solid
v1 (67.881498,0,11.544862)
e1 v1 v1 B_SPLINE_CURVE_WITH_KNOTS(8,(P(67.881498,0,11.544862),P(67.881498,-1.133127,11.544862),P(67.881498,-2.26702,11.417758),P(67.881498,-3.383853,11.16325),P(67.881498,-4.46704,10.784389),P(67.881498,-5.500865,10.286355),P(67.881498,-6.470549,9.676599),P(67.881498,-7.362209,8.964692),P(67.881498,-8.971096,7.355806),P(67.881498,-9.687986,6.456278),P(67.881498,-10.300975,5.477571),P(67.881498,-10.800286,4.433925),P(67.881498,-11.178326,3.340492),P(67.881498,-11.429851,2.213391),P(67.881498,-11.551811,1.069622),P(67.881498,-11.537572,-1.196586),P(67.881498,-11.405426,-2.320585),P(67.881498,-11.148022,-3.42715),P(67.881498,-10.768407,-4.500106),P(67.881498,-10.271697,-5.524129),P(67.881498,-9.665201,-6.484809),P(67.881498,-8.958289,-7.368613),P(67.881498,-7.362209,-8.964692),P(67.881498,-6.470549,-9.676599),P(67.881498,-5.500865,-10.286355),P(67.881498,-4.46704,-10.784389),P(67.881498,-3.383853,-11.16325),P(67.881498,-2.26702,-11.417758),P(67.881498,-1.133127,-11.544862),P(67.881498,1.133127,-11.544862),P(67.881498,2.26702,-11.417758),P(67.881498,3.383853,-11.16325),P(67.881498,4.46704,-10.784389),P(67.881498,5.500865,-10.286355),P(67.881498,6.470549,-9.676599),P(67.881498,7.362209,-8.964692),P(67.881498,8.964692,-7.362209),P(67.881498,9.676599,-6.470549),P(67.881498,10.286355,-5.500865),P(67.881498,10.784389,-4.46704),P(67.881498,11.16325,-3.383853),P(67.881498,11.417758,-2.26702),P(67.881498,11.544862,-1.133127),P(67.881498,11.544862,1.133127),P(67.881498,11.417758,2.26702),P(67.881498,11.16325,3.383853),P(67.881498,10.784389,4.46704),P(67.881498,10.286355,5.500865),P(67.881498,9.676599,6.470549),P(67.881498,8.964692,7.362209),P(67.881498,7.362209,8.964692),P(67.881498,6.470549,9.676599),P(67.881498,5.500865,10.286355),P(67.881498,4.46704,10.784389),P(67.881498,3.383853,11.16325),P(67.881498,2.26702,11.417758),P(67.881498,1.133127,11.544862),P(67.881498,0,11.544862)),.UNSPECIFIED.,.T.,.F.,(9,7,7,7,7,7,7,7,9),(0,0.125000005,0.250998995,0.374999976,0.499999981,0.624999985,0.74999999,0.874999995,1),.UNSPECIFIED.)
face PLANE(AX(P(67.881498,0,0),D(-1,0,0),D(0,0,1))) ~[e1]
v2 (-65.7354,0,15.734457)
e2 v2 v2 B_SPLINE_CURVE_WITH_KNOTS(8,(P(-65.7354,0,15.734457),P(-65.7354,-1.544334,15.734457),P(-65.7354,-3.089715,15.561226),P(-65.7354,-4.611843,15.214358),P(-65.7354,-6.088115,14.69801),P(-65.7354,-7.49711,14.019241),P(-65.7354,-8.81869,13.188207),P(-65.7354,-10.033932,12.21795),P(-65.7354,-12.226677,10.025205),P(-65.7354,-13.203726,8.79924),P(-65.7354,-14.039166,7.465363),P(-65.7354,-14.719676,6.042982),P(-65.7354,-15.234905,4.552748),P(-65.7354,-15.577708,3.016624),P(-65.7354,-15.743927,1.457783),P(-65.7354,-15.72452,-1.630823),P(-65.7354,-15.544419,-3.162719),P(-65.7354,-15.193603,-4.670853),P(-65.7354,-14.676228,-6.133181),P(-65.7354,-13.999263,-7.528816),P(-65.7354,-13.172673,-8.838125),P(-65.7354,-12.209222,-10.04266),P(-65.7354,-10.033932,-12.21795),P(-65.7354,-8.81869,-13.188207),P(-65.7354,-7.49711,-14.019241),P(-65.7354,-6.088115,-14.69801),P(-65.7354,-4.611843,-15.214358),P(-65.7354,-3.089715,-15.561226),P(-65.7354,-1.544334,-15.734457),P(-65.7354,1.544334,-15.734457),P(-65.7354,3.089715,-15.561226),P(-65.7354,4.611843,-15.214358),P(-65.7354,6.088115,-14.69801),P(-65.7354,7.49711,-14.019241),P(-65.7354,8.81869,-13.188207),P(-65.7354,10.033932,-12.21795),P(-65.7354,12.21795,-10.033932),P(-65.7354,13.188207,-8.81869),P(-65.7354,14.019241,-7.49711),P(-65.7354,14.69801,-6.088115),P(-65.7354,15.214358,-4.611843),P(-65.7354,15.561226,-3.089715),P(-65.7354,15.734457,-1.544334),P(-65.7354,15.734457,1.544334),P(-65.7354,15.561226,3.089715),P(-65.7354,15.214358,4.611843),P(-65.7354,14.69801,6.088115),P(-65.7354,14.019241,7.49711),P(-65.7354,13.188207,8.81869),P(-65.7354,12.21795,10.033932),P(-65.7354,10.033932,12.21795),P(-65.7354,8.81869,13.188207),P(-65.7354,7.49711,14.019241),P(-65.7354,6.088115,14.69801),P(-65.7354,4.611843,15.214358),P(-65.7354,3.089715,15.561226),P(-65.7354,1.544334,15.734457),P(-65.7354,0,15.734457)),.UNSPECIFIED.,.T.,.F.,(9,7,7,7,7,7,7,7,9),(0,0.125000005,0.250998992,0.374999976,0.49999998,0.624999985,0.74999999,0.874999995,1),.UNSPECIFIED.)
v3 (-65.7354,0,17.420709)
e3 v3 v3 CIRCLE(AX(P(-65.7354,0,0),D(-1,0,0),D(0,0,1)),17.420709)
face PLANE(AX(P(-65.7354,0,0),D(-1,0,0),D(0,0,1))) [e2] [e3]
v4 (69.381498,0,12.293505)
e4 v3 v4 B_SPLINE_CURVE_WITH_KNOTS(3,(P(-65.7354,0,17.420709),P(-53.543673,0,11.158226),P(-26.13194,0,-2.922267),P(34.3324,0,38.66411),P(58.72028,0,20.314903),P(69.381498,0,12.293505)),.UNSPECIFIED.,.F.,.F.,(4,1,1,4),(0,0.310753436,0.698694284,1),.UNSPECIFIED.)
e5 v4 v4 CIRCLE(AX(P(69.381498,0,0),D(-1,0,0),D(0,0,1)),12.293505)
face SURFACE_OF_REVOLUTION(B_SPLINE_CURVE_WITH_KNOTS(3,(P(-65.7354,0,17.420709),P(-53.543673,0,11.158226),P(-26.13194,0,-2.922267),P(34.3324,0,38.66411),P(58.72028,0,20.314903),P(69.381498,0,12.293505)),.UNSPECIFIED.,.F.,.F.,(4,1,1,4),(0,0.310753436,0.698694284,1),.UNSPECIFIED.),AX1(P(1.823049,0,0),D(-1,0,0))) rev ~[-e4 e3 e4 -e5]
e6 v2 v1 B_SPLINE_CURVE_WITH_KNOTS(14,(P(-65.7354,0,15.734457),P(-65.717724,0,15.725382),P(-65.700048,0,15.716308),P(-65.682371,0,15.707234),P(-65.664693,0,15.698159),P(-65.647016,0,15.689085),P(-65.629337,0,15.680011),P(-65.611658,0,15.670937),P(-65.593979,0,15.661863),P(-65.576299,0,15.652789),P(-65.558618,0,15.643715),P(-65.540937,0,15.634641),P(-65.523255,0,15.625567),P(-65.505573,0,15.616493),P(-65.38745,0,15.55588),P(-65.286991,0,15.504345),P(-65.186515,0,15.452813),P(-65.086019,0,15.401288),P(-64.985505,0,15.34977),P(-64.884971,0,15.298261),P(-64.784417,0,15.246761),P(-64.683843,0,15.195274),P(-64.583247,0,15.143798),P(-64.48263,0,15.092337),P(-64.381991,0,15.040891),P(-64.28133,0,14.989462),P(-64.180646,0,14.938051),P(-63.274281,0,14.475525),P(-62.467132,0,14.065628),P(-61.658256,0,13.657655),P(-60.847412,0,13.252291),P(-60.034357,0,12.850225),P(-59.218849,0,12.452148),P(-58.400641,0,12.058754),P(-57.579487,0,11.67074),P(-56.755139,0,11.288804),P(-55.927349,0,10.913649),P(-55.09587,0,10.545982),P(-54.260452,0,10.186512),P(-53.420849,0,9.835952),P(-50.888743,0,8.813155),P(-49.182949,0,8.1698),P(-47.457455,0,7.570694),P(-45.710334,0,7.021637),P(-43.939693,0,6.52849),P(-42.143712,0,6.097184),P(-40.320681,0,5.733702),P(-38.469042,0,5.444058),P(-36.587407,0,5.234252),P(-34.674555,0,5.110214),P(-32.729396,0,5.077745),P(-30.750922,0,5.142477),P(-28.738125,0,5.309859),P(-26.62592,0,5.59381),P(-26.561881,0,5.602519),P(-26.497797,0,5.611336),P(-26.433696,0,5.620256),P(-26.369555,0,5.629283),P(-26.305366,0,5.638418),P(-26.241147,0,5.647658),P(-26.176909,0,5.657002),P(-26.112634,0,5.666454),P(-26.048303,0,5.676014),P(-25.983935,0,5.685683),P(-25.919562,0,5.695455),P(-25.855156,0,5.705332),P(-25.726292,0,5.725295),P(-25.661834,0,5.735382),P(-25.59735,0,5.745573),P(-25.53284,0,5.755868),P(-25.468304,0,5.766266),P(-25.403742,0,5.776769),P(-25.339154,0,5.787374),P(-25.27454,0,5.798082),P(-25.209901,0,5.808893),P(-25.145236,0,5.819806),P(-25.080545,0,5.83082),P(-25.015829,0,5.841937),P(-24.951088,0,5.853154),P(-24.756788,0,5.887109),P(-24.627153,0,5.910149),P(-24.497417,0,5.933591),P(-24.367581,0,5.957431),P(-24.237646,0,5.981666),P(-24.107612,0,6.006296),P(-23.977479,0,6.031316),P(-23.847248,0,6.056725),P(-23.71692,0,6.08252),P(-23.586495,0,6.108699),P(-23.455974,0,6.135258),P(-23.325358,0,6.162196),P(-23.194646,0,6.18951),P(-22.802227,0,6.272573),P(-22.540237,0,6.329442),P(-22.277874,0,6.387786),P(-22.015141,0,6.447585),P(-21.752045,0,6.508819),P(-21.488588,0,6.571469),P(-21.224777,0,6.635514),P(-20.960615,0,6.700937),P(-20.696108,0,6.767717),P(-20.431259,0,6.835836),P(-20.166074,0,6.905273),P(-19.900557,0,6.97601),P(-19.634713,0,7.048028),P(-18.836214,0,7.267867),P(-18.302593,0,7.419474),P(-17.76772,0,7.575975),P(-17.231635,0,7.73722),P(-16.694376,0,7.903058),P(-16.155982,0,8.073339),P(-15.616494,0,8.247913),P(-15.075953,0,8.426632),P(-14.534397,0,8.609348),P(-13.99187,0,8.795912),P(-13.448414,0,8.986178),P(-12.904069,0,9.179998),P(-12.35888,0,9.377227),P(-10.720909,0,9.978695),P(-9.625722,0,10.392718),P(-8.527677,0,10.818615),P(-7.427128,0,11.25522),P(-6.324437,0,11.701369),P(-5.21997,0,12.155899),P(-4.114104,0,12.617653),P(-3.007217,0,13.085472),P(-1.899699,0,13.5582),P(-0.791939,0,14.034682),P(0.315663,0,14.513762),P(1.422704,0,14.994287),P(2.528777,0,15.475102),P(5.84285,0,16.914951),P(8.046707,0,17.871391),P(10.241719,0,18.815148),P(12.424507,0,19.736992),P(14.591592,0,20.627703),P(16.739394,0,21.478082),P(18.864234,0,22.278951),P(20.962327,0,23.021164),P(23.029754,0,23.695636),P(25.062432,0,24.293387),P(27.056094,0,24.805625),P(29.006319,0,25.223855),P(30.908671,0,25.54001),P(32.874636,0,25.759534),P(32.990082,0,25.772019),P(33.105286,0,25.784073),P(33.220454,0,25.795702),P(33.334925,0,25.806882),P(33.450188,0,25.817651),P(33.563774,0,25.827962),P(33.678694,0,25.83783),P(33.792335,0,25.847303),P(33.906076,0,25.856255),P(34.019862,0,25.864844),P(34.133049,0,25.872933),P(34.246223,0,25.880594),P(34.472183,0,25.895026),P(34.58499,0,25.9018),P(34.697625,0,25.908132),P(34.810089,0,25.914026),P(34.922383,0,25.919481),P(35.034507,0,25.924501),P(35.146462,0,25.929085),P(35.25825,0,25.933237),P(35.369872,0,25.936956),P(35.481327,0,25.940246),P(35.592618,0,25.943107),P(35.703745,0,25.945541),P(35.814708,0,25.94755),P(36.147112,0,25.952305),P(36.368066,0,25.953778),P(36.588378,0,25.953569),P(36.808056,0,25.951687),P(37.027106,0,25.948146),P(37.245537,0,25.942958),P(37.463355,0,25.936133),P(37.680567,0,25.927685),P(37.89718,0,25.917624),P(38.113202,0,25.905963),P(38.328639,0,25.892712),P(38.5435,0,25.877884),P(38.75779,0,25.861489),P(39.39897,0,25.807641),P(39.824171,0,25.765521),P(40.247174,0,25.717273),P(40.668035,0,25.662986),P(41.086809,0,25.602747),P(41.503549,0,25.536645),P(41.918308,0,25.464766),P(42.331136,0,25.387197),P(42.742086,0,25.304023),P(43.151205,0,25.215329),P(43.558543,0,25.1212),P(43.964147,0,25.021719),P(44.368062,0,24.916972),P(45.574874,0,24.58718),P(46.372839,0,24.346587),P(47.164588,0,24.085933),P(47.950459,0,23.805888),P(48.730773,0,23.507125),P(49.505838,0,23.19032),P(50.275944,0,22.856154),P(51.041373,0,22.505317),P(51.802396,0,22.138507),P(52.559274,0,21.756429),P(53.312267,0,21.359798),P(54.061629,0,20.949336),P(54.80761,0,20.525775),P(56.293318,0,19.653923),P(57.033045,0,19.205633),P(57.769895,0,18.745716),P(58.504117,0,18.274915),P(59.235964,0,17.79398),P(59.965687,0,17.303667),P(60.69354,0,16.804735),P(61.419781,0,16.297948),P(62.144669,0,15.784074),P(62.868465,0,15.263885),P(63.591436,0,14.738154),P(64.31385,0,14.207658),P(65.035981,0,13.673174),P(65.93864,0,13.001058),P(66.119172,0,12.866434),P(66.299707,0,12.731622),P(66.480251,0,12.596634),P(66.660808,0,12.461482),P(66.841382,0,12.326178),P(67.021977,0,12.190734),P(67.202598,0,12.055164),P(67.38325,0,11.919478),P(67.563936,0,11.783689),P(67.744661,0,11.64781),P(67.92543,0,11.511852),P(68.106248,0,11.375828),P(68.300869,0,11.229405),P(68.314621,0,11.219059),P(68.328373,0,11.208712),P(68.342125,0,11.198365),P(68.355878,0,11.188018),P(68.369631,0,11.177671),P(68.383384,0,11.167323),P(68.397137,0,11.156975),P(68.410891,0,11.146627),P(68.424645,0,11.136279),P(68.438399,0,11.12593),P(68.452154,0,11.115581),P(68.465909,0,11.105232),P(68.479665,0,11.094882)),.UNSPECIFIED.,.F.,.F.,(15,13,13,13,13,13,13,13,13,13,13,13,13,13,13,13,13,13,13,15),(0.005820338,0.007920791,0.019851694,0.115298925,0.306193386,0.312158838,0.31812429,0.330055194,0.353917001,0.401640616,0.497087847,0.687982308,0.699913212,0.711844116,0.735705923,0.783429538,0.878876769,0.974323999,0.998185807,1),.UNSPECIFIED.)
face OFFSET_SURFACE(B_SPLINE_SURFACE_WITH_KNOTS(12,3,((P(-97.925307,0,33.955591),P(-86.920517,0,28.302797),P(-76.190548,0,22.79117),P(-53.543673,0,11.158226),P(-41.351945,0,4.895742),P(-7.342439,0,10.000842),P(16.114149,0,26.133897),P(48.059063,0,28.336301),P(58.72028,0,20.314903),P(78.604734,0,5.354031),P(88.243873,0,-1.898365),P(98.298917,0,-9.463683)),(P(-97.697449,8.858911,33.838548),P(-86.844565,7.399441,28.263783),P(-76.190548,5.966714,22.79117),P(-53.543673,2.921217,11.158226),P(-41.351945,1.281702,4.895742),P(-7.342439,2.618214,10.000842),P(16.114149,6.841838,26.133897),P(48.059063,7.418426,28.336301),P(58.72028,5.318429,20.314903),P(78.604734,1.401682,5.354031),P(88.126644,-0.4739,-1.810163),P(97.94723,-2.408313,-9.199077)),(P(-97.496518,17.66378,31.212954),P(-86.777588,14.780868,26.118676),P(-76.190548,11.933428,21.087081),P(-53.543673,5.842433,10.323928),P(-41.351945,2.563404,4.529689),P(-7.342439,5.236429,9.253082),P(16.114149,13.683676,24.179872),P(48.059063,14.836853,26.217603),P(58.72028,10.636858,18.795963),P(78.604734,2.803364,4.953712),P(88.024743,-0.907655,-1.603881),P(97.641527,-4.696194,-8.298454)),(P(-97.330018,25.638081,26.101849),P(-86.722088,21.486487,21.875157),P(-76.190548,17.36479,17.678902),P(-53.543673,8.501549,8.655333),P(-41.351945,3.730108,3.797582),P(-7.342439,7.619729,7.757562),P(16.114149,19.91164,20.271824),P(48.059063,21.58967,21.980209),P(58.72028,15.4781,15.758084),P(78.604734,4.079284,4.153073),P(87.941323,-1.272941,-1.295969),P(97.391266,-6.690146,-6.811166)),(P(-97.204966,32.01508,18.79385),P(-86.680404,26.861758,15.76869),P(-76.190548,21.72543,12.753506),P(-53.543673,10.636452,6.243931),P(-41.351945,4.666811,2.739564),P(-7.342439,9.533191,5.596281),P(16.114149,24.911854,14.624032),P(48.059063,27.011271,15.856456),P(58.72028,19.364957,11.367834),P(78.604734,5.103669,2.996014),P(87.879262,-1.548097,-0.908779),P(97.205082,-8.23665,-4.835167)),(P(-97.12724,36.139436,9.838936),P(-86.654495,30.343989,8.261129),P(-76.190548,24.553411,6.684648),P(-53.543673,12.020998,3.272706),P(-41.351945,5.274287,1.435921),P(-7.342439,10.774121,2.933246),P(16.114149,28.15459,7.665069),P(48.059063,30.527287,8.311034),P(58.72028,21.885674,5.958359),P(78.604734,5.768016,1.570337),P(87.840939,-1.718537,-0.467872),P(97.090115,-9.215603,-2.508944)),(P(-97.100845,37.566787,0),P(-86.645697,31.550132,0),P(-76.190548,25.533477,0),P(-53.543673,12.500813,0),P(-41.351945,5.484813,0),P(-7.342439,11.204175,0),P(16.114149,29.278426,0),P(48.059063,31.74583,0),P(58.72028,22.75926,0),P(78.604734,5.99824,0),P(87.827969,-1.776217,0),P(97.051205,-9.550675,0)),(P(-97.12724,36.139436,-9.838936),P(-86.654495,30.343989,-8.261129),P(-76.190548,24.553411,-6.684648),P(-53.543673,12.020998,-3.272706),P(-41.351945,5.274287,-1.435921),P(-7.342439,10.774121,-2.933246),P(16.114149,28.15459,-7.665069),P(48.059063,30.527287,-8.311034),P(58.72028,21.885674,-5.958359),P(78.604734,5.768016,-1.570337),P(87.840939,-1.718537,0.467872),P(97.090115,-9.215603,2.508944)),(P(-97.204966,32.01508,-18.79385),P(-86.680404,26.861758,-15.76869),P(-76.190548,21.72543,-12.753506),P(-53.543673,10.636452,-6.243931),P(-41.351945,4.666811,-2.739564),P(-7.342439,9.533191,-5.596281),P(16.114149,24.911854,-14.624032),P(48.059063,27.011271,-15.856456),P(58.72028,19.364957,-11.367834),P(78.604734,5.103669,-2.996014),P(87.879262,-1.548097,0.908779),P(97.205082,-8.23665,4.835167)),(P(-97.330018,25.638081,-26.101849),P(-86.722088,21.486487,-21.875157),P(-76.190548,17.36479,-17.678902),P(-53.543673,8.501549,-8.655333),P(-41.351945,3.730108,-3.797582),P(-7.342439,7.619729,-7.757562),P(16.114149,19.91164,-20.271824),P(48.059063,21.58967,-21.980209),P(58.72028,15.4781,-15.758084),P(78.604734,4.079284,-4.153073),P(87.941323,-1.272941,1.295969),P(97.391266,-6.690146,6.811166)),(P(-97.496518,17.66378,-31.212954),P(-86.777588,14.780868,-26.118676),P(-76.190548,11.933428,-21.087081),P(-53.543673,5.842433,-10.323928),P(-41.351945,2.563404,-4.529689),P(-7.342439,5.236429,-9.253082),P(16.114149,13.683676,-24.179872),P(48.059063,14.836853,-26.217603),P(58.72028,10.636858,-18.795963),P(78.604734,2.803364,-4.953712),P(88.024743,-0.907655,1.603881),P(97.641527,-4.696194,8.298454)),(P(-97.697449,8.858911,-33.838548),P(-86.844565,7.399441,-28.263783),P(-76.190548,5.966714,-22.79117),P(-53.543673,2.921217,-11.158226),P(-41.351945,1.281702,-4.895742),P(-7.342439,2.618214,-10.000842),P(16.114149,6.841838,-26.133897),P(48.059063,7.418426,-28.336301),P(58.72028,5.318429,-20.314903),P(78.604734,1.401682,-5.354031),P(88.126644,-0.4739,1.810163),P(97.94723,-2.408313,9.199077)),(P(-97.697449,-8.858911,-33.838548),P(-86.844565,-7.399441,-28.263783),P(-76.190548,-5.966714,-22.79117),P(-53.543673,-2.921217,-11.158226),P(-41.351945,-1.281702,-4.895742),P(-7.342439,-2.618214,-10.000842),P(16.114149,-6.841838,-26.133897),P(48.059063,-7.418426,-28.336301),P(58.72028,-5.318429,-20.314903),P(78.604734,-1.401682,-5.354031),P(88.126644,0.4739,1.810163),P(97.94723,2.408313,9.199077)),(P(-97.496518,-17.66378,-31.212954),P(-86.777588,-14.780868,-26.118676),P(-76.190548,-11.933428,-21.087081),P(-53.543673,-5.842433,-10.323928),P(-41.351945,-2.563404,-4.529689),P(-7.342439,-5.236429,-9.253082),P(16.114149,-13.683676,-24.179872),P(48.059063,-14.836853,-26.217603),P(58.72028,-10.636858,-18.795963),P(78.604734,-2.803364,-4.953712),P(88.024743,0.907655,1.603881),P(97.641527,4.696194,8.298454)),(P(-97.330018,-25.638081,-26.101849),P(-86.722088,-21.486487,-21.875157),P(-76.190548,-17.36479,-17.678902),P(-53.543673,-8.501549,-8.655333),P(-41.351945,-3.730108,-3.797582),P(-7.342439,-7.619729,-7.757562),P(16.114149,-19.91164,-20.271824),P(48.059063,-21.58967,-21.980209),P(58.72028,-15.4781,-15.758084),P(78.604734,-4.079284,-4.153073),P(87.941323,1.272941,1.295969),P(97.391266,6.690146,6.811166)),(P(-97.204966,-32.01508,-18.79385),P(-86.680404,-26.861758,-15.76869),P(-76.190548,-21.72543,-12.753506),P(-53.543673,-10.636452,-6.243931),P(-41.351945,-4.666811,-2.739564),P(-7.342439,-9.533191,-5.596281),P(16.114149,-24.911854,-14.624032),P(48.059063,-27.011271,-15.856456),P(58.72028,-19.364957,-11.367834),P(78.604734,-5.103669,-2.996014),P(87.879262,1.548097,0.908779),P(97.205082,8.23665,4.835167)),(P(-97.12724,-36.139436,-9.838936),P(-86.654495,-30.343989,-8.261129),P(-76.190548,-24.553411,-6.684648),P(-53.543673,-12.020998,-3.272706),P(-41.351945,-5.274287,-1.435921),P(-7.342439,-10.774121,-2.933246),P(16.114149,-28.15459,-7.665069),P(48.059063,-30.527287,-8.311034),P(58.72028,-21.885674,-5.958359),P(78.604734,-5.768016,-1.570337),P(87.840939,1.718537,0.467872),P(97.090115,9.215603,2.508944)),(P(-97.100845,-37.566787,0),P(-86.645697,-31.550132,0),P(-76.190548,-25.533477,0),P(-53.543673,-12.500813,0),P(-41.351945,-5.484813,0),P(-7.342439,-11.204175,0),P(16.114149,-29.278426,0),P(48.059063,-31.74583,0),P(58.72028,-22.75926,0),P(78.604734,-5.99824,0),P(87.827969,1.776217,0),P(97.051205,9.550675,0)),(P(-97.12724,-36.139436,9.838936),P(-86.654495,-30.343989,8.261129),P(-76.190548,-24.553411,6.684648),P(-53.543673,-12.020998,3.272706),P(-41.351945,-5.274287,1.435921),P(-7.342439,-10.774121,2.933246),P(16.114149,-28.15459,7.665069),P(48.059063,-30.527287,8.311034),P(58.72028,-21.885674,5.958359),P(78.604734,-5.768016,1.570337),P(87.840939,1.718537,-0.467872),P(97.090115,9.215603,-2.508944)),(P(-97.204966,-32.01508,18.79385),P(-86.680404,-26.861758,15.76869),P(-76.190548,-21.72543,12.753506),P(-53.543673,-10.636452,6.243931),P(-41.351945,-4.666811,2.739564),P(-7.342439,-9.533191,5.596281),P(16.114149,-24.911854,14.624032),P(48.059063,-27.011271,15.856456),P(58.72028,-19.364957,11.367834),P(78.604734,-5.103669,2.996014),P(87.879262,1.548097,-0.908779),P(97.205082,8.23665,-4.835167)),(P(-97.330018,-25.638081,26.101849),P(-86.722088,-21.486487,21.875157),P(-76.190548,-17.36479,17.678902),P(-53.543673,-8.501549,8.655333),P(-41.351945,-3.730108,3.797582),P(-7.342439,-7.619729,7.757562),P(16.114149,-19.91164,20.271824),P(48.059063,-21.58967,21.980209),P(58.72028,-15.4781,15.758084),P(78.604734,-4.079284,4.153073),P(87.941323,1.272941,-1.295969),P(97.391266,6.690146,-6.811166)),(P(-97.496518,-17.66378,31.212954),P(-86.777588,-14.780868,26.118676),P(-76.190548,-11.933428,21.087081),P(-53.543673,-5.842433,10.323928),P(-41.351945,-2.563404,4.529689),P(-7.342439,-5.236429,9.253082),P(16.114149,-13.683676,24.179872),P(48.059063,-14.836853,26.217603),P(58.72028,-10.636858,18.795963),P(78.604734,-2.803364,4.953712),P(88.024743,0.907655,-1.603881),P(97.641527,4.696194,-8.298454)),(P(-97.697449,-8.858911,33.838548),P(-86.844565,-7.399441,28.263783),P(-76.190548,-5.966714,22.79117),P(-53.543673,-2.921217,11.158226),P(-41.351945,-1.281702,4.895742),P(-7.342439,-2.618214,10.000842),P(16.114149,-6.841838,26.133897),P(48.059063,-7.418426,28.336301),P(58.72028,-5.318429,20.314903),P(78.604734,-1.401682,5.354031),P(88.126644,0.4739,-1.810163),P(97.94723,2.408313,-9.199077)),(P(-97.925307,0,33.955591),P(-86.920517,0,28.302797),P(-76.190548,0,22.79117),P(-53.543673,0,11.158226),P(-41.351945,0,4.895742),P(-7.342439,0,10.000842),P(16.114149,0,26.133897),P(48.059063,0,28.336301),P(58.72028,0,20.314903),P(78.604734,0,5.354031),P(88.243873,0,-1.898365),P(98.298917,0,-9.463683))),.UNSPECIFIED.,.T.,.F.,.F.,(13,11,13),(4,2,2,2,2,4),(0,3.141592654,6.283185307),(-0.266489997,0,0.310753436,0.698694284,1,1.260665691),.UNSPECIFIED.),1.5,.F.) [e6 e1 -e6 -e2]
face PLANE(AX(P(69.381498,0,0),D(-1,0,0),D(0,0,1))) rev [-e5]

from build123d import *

# Parameters (mm, degrees)
F2_T = -1.5


with BuildPart() as f1:
    # F0 (on Front) → F1 (revolve)
    with BuildSketch(Plane.XZ):
        with BuildLine():
            add(Edge.make_bspline(
                [(-65.7353997231, 17.4207091331), (-53.5436726028, 11.1582255501), (-26.1319401325, -2.9222671384), (34.3324002631, 38.6641100718), (58.7202801806, 20.3149032942), (69.3814978004, 12.2935054824)],
                knots=[0, 0, 0, 0, 0.3107534361, 0.6986942844, 1, 1, 1, 1], degree=3))
            Line((-65.7353997231, 17.4207091331), (-65.7353997231, 0))
            Line((-65.7353997231, 0), (69.3814978004, 0))
            Line((69.3814978004, 0), (69.3814978004, 12.2935054824))
        make_face()
    revolve(axis=Axis((1.8230490386, 0, 0), (-1, 0, 0)))

    # F2
    f2_openings = [f1.faces().sort_by_distance(p)[0] for p in [
        (-65.7354, 0, 0),
    ]]
    offset(amount=F2_T, openings=f2_openings)


solid = f1.part
